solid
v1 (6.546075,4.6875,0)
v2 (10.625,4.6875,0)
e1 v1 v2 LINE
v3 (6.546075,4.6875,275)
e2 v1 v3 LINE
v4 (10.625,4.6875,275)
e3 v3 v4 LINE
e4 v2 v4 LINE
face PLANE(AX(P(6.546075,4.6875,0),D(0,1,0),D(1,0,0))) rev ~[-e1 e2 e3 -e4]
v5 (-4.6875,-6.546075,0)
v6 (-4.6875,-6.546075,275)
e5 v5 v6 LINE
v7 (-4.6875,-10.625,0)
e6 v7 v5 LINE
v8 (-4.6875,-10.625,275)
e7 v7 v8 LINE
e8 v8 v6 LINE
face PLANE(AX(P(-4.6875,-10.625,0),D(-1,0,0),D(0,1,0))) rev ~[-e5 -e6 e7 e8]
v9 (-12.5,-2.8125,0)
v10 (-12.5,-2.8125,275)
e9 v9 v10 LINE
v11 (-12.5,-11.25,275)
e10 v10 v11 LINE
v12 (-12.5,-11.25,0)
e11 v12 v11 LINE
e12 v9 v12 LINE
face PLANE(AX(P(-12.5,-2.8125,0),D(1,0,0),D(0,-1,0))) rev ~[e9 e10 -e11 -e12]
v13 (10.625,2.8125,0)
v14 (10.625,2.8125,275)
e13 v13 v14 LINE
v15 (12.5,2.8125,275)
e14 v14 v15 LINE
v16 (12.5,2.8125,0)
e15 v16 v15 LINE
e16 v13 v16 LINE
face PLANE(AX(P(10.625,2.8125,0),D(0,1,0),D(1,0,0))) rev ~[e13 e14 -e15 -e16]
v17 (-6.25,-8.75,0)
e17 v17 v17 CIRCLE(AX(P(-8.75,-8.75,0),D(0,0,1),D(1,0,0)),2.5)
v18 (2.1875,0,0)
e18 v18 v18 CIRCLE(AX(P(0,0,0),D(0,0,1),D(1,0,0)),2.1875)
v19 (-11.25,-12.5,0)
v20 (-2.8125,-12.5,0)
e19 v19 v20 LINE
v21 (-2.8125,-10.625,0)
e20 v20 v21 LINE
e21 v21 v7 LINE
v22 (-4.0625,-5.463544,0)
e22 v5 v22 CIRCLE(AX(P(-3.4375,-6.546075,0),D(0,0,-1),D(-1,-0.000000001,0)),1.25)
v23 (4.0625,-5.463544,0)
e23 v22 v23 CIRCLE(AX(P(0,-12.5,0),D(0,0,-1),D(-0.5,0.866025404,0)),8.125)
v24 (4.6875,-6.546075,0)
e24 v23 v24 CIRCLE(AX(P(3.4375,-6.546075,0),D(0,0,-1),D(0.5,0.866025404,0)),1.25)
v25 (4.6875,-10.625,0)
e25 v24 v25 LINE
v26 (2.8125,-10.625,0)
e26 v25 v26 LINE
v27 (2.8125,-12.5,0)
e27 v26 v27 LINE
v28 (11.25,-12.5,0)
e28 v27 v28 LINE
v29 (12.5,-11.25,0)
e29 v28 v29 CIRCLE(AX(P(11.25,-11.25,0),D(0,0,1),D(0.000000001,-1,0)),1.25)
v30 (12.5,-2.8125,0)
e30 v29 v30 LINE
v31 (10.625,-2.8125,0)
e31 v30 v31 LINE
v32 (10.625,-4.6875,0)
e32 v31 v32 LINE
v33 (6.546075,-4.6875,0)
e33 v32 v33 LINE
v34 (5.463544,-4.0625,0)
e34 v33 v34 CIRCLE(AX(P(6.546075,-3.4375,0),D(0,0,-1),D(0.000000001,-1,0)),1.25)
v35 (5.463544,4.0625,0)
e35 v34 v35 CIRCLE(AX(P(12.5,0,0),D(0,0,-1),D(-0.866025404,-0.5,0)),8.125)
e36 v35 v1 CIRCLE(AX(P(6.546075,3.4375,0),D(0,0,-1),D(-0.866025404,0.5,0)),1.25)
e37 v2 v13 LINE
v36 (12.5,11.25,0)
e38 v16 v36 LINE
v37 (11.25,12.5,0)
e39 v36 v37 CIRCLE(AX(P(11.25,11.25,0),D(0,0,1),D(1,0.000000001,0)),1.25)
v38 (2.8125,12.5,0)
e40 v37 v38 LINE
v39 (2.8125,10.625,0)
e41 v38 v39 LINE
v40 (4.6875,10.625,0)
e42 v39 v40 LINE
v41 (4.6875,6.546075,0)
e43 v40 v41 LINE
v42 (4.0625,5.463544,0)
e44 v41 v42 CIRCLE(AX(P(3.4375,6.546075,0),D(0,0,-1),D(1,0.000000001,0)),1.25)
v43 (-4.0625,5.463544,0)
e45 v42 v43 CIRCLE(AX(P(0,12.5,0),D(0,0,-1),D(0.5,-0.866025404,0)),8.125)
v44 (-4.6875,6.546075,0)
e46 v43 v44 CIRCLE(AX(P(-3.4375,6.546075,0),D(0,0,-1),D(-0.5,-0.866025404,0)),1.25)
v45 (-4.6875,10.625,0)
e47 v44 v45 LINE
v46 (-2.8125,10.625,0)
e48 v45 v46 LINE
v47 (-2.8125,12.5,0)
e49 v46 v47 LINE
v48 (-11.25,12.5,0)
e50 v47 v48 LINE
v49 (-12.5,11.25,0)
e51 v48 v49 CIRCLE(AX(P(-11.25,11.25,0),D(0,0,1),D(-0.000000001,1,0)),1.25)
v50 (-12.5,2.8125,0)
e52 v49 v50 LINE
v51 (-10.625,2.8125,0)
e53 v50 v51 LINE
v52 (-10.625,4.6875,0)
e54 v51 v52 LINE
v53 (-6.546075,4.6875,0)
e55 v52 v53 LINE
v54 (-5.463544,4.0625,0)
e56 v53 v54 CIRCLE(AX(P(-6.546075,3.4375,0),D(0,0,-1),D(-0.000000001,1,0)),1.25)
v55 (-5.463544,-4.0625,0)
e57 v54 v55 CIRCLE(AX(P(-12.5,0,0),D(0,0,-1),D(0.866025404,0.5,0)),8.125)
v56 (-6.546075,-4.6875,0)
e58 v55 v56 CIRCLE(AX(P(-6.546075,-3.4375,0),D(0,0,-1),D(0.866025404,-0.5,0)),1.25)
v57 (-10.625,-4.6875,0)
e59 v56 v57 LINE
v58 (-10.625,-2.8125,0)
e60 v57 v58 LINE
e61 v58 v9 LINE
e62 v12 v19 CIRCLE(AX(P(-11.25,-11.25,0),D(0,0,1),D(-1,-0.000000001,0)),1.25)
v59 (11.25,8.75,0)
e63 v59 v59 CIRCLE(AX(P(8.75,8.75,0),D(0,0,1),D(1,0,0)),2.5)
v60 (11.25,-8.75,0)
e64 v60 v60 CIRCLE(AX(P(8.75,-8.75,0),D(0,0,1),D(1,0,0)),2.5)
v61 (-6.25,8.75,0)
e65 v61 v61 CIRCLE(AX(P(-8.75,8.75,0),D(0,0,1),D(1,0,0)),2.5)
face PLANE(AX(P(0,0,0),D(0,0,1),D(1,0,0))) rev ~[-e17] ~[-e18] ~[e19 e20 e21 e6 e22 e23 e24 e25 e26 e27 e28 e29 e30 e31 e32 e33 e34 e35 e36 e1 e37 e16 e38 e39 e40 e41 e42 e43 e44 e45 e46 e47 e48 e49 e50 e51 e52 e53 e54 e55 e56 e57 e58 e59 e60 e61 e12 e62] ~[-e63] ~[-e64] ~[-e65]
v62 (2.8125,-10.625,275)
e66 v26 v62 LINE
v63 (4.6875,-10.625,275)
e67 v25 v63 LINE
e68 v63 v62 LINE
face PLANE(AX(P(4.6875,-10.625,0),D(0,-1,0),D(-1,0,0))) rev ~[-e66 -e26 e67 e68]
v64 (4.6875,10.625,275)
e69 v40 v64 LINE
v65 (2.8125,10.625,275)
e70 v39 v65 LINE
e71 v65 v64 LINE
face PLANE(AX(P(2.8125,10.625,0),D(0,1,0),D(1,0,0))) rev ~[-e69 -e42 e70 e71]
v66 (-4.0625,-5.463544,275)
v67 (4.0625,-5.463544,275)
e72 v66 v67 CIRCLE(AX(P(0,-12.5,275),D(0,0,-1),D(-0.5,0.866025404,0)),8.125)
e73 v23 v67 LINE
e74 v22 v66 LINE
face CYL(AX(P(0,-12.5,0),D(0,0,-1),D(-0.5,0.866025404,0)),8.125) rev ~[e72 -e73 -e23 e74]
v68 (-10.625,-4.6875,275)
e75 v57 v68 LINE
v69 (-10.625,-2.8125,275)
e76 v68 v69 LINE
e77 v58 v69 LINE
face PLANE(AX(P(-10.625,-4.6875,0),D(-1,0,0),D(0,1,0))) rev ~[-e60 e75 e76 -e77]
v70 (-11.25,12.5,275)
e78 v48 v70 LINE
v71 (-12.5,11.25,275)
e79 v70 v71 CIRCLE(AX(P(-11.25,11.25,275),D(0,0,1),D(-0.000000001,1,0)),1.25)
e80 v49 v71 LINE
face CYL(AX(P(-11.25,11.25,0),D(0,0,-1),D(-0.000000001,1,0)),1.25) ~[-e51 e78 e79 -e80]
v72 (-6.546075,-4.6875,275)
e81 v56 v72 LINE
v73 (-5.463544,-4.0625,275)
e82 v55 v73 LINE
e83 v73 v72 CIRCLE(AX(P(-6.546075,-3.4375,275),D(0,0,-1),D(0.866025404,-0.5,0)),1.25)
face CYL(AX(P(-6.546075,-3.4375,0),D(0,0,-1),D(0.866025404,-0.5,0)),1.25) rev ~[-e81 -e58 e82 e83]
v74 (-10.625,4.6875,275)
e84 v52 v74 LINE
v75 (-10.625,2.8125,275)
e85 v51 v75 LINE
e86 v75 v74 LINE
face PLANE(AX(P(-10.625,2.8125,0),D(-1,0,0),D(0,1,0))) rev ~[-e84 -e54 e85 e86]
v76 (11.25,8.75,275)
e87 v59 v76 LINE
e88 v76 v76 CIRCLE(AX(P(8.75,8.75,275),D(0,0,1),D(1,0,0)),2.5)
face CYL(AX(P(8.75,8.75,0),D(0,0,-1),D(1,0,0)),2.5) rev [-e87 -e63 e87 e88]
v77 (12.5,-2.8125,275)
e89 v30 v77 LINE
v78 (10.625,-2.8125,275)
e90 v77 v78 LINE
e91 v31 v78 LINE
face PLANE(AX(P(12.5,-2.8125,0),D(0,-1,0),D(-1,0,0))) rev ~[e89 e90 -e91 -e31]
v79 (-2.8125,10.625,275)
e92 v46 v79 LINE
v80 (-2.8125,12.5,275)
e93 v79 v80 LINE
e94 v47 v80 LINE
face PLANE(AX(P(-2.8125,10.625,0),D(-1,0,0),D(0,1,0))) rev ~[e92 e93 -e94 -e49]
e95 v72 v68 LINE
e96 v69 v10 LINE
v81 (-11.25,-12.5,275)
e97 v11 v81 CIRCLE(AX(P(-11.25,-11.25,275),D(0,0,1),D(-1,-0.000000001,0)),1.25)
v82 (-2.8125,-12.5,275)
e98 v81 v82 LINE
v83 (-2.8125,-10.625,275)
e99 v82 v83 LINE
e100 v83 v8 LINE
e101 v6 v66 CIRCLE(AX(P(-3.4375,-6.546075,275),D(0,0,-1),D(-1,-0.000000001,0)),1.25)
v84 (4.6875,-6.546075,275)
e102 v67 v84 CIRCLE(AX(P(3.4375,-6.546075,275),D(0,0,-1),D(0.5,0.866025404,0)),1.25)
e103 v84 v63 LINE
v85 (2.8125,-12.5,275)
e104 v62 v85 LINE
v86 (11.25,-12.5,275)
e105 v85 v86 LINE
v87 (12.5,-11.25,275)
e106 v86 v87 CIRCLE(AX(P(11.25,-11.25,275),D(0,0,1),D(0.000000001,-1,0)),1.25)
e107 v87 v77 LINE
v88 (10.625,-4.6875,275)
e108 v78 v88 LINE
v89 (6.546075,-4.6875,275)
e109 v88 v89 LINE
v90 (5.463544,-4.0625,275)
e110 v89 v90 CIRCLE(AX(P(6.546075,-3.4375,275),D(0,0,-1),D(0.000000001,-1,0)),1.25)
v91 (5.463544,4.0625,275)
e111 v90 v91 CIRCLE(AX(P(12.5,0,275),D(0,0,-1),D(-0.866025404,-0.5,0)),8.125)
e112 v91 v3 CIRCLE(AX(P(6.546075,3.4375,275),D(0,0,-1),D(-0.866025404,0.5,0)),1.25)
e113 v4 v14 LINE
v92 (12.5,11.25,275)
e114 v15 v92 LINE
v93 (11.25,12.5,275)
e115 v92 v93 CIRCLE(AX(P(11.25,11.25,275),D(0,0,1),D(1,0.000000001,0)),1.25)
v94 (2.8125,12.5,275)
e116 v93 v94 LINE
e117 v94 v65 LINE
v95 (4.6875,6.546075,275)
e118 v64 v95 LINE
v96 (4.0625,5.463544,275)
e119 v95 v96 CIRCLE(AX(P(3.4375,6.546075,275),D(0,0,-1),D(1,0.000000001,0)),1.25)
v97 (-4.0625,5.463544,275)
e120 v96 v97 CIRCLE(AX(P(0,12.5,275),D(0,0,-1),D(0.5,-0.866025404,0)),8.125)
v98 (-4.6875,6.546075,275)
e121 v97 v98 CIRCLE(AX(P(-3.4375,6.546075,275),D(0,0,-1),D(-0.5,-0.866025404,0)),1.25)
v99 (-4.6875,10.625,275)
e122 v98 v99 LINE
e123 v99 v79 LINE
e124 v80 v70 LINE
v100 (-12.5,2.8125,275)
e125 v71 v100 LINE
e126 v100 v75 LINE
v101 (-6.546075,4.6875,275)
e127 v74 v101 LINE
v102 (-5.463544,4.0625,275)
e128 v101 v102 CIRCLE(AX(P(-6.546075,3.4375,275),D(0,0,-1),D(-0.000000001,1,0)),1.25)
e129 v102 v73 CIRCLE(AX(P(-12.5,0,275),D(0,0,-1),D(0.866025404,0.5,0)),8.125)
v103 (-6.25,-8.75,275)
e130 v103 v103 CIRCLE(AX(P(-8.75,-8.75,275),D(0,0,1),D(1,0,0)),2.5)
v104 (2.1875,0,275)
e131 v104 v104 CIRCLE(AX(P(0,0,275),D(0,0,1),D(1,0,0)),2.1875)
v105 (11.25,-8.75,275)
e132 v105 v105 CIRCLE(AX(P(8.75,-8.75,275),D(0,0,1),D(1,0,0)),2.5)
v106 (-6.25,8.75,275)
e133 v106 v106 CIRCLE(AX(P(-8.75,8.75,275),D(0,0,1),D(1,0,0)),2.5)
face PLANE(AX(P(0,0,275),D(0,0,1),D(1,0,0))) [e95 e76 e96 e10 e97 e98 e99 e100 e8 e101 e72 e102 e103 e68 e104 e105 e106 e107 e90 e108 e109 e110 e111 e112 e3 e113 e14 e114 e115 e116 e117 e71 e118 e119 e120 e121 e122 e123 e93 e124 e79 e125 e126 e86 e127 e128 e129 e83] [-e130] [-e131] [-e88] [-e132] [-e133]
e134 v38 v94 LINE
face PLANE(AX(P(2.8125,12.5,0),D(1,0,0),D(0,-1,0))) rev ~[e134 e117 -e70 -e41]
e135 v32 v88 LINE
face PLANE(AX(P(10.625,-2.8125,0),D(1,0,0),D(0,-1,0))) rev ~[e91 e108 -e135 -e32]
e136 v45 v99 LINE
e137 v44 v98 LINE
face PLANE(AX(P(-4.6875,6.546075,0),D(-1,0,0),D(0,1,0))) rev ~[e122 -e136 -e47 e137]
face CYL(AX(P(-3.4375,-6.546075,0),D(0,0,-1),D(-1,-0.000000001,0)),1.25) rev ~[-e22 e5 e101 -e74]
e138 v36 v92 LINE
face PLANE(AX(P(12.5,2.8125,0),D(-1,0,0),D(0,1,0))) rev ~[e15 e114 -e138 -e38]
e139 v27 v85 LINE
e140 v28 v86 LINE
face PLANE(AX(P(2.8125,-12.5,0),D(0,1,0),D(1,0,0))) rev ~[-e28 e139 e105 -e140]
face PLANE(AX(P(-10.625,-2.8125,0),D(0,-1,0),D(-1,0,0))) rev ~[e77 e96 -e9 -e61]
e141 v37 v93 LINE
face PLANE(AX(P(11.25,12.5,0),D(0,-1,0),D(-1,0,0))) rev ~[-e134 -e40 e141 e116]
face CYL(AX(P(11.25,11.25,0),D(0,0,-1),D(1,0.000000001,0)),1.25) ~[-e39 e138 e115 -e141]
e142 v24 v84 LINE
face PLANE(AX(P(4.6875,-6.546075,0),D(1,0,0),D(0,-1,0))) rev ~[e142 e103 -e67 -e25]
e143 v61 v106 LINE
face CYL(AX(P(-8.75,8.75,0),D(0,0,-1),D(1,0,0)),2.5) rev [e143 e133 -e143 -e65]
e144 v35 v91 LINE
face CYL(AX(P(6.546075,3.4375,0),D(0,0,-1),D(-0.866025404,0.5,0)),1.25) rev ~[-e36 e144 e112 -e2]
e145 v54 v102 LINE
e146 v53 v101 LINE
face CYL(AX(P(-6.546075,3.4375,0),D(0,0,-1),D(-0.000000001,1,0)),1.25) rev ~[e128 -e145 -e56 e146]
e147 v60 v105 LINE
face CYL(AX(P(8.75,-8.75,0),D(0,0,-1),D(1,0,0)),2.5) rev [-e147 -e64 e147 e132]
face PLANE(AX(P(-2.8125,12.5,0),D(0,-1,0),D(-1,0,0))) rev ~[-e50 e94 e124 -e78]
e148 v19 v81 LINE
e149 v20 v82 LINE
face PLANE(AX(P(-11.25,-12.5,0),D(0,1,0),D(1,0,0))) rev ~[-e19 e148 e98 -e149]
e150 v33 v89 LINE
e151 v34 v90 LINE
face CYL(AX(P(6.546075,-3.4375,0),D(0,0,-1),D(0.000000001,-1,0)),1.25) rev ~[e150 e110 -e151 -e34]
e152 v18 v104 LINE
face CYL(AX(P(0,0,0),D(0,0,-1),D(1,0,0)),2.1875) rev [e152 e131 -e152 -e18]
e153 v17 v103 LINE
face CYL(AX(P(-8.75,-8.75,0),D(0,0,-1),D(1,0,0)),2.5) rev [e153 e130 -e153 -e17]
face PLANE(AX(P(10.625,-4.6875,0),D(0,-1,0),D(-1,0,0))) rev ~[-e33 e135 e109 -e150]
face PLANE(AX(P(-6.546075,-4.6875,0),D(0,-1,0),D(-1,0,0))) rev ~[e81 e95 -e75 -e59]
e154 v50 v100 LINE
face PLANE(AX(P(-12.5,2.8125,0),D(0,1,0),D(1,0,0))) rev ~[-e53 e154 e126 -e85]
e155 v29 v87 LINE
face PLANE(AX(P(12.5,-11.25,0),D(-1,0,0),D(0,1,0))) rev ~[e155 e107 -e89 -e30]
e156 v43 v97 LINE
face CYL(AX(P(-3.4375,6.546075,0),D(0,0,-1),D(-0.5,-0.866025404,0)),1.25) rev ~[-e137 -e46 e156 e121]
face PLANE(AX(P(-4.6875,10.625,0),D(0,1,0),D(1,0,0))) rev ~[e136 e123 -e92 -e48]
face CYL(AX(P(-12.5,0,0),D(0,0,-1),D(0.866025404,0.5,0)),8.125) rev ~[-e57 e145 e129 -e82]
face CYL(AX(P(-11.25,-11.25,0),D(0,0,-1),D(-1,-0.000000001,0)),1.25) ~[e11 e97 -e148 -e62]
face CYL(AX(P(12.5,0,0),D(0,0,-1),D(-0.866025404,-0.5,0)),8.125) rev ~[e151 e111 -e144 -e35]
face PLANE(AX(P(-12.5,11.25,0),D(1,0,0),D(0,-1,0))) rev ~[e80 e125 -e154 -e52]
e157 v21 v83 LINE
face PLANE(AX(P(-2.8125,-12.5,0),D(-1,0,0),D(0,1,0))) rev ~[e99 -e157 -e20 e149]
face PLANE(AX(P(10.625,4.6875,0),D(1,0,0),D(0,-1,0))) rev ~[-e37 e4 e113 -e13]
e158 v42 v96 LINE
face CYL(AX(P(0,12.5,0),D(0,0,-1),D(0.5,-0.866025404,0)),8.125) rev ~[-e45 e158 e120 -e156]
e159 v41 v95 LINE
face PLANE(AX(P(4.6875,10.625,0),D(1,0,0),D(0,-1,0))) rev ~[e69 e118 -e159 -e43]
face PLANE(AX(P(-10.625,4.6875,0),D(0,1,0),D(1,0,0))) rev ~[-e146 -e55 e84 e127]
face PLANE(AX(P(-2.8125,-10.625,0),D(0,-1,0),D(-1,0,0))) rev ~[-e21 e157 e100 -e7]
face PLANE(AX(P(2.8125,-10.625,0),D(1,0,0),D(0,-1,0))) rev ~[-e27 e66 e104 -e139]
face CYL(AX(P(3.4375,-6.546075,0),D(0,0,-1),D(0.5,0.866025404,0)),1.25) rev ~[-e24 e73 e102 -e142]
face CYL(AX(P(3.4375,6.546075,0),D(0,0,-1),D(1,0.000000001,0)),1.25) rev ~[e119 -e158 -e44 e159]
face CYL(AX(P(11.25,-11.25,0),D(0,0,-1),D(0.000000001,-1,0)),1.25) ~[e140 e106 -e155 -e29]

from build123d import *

# Parameters (mm, degrees)
SKETCH1_R           = 2.5
SKETCH1_R_2         = 2.1875
BOSS_EXTRUDE1_DEPTH = 275


with BuildPart() as part:
    # Sketch1 → Boss-Extrude1 (new body)
    with BuildSketch(Plane.XY):
        with BuildLine():
            Line((-12.5, 11.25), (-12.5, 2.8125))
            Line((-12.5, 2.8125), (-10.625, 2.8125))
            Line((-10.625, 2.8125), (-10.625, 4.6875))
            Line((-10.625, 4.6875), (-6.546075349, 4.6875))
            ThreePointArc((-6.546075349, 4.6875), (-5.921075349, 4.520031755), (-5.463543594, 4.0625))
            ThreePointArc((-5.463543594, 4.0625), (-4.375, 0), (-5.463543594, -4.0625))
            ThreePointArc((-5.463543594, -4.0625), (-5.921075349, -4.520031755), (-6.546075349, -4.6875))
            Line((-6.546075349, -4.6875), (-10.625, -4.6875))
            Line((-10.625, -4.6875), (-10.625, -2.8125))
            Line((-10.625, -2.8125), (-12.5, -2.8125))
            Line((-12.5, -2.8125), (-12.5, -11.25))
            ThreePointArc((-12.5, -11.25), (-12.133883476, -12.133883476), (-11.25, -12.5))
            Line((-11.25, -12.5), (-2.8125, -12.5))
            Line((-2.8125, -12.5), (-2.8125, -10.625))
            Line((-2.8125, -10.625), (-4.6875, -10.625))
            Line((-4.6875, -10.625), (-4.6875, -6.546075349))
            ThreePointArc((-4.6875, -6.546075349), (-4.520031755, -5.921075349), (-4.0625, -5.463543594))
            ThreePointArc((-4.0625, -5.463543594), (0, -4.375), (4.0625, -5.463543594))
            ThreePointArc((4.0625, -5.463543594), (4.520031755, -5.921075349), (4.6875, -6.546075349))
            Line((4.6875, -6.546075349), (4.6875, -10.625))
            Line((4.6875, -10.625), (2.8125, -10.625))
            Line((2.8125, -10.625), (2.8125, -12.5))
            Line((2.8125, -12.5), (11.25, -12.5))
            ThreePointArc((11.25, -12.5), (12.133883476, -12.133883476), (12.5, -11.25))
            Line((12.5, -11.25), (12.5, -2.8125))
            Line((12.5, -2.8125), (10.625, -2.8125))
            Line((10.625, -2.8125), (10.625, -4.6875))
            Line((10.625, -4.6875), (6.546075349, -4.6875))
            ThreePointArc((6.546075349, -4.6875), (5.921075349, -4.520031755), (5.463543594, -4.0625))
            ThreePointArc((5.463543594, -4.0625), (4.375, 0), (5.463543594, 4.0625))
            ThreePointArc((5.463543594, 4.0625), (5.921075349, 4.520031755), (6.546075349, 4.6875))
            Line((6.546075349, 4.6875), (10.625, 4.6875))
            Line((10.625, 4.6875), (10.625, 2.8125))
            Line((10.625, 2.8125), (12.5, 2.8125))
            Line((12.5, 2.8125), (12.5, 11.25))
            ThreePointArc((12.5, 11.25), (12.133883476, 12.133883476), (11.25, 12.5))
            Line((11.25, 12.5), (2.8125, 12.5))
            Line((2.8125, 12.5), (2.8125, 10.625))
            Line((2.8125, 10.625), (4.6875, 10.625))
            Line((4.6875, 10.625), (4.6875, 6.546075349))
            ThreePointArc((4.6875, 6.546075349), (4.520031755, 5.921075349), (4.0625, 5.463543594))
            ThreePointArc((4.0625, 5.463543594), (0, 4.375), (-4.0625, 5.463543594))
            ThreePointArc((-4.0625, 5.463543594), (-4.520031755, 5.921075349), (-4.6875, 6.546075349))
            Line((-4.6875, 6.546075349), (-4.6875, 10.625))
            Line((-4.6875, 10.625), (-2.8125, 10.625))
            Line((-2.8125, 10.625), (-2.8125, 12.5))
            Line((-2.8125, 12.5), (-11.25, 12.5))
            ThreePointArc((-11.25, 12.5), (-12.133883476, 12.133883476), (-12.5, 11.25))
        make_face()
        with Locations((-8.75, -8.75)):
            Circle(SKETCH1_R, mode=Mode.SUBTRACT)
        with Locations((8.75, -8.75)):
            Circle(SKETCH1_R, mode=Mode.SUBTRACT)
        with Locations((8.75, 8.75)):
            Circle(SKETCH1_R, mode=Mode.SUBTRACT)
        Circle(SKETCH1_R_2, mode=Mode.SUBTRACT)
        with Locations((-8.75, 8.75)):
            Circle(SKETCH1_R, mode=Mode.SUBTRACT)
    extrude(amount=BOSS_EXTRUDE1_DEPTH)


solid = part.part
